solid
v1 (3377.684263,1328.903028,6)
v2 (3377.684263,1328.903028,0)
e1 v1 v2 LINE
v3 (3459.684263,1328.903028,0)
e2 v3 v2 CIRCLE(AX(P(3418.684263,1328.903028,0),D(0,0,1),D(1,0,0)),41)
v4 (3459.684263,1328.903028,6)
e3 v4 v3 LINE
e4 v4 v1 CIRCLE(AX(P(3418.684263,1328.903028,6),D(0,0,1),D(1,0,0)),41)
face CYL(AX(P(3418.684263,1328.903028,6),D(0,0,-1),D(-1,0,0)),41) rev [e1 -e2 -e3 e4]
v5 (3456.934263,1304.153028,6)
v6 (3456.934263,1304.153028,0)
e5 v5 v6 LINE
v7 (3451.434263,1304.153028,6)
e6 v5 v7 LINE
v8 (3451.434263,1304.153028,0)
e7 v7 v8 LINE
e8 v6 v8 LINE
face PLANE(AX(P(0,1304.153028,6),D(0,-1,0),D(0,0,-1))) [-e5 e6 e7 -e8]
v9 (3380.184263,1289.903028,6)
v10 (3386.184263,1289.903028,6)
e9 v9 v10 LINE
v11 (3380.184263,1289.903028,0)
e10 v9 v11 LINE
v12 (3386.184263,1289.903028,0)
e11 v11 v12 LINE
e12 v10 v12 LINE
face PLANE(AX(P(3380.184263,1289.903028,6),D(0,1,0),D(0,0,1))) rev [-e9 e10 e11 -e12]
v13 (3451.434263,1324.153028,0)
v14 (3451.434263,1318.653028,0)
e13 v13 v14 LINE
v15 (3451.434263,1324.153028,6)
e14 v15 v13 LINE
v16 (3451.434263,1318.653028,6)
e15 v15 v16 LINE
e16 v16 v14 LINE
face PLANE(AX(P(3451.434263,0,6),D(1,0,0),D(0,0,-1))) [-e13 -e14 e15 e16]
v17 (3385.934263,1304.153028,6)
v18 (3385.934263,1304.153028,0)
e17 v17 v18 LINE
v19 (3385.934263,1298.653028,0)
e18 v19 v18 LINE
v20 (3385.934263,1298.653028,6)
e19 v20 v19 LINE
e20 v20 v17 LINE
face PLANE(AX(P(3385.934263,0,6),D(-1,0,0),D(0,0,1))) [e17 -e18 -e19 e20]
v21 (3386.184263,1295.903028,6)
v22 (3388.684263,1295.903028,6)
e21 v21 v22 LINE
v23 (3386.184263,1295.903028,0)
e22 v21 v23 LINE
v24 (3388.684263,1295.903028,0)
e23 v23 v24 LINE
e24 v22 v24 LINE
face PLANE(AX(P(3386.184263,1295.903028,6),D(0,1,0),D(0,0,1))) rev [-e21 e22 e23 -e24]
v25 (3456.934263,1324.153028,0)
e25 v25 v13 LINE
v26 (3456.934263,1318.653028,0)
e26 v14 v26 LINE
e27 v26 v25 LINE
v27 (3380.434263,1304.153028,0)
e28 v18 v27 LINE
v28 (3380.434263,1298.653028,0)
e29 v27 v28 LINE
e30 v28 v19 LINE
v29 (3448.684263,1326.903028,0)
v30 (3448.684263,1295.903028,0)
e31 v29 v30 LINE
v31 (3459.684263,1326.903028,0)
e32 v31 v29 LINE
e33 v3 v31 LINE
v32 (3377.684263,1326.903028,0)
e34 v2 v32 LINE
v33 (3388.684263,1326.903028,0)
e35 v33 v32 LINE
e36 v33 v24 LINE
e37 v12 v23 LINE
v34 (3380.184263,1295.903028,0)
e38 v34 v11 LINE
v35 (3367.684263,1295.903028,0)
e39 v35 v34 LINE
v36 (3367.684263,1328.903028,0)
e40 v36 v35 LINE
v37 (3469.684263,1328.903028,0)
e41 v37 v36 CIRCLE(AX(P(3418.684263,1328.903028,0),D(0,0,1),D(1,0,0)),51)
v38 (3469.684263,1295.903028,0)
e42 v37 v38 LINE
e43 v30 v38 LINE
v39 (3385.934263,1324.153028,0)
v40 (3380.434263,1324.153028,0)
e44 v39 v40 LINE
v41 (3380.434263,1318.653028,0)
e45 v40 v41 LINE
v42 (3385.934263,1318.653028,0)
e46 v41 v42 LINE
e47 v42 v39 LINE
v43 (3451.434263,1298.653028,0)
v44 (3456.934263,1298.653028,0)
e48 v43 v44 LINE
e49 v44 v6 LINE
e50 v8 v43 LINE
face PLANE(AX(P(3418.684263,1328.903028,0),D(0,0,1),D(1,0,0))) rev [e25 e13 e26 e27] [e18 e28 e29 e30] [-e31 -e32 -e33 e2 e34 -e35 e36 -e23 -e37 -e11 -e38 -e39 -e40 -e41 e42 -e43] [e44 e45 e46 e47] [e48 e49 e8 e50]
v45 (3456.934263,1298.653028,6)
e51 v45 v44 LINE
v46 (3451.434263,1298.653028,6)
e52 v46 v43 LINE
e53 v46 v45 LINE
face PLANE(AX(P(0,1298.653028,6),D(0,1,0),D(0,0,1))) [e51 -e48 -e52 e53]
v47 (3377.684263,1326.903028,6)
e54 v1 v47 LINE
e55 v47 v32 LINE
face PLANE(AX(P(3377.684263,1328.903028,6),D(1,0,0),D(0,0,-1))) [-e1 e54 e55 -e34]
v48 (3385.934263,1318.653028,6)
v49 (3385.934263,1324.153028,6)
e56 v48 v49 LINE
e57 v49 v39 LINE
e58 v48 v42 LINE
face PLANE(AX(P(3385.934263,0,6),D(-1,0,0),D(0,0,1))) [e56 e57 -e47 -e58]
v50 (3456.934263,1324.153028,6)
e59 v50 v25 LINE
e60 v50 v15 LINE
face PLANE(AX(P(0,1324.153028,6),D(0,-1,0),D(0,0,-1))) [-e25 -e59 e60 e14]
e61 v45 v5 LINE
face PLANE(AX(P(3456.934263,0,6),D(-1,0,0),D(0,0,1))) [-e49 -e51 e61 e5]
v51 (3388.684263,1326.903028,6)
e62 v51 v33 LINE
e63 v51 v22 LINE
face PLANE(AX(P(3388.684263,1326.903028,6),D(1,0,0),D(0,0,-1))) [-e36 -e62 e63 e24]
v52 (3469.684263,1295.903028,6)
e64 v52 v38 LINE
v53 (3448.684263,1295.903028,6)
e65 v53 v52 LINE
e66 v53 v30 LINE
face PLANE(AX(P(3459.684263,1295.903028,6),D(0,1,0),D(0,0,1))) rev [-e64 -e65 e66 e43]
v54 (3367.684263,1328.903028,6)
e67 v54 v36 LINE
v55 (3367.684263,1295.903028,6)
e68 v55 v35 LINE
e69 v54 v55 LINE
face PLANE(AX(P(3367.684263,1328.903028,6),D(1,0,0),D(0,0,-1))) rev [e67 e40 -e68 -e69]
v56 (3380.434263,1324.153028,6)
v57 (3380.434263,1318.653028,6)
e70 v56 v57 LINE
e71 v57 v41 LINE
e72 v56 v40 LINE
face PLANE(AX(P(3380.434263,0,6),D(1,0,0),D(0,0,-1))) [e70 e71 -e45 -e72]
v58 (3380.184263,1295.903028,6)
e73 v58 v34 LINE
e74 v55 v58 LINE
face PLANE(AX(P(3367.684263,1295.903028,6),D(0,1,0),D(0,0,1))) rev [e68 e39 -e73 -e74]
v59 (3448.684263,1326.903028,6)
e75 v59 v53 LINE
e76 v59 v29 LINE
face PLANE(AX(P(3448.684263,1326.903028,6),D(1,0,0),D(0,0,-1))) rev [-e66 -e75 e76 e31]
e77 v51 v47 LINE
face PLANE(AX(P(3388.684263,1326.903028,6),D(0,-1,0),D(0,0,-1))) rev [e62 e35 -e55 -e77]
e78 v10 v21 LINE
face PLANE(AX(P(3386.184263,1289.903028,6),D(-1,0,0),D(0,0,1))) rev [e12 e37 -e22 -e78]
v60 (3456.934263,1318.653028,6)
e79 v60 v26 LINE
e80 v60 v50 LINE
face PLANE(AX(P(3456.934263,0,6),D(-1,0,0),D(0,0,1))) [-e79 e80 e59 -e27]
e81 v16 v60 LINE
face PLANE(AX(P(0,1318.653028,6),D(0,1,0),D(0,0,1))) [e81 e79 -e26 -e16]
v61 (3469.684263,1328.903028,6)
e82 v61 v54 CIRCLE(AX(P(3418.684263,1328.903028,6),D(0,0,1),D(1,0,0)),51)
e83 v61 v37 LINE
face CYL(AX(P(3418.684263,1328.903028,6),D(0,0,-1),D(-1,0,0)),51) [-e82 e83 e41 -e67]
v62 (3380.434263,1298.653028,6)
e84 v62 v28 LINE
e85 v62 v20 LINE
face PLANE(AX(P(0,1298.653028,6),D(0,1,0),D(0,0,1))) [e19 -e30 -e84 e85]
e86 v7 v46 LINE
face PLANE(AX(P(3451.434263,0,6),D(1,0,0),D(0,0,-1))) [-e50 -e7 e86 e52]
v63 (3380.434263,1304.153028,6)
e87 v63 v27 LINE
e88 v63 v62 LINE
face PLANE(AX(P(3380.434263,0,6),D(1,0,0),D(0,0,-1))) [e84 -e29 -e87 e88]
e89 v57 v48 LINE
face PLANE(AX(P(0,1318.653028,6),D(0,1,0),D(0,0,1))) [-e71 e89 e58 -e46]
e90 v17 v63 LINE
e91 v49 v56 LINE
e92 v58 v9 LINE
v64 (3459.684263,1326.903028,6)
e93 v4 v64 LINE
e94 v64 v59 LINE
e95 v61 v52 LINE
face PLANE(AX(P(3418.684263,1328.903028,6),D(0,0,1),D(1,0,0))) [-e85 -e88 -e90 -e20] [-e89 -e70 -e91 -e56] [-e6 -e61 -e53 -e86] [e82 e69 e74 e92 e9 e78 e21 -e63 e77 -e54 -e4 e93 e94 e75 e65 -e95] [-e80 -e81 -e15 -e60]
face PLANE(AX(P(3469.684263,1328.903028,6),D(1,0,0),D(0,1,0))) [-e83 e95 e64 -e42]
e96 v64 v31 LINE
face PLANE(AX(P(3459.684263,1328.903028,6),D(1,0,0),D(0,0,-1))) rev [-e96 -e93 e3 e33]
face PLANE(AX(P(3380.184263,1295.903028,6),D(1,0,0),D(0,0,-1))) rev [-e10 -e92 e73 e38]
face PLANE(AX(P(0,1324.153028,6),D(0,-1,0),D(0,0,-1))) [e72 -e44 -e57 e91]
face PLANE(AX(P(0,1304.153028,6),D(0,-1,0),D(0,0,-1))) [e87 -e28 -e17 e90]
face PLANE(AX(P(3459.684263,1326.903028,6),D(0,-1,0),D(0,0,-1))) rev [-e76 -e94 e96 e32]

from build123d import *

# Parameters (mm, degrees)
MODEL_W             = 5.5
MODEL_H             = 5.5
BOSS_EXTRUDE1_DEPTH = 6


with BuildPart() as part:
    # Model → Boss-Extrude1 (new body)
    with BuildSketch(Plane.XY):
        with BuildLine():
            Line((3367.68426312, 1328.903027574), (3367.68426312, 1295.903027574))
            Line((3367.68426312, 1295.903027574), (3380.18426312, 1295.903027574))
            Line((3380.18426312, 1295.903027574), (3380.18426312, 1289.903027574))
            Line((3380.18426312, 1289.903027574), (3386.18426312, 1289.903027574))
            Line((3386.18426312, 1289.903027574), (3386.18426312, 1295.903027574))
            Line((3386.18426312, 1295.903027574), (3388.68426312, 1295.903027574))
            Line((3388.68426312, 1295.903027574), (3388.68426312, 1326.903027574))
            Line((3388.68426312, 1326.903027574), (3377.68426312, 1326.903027574))
            Line((3377.68426312, 1326.903027574), (3377.68426312, 1328.903027574))
            ThreePointArc((3377.68426312, 1328.903027574), (3418.68426312, 1369.903027574), (3459.68426312, 1328.903027574))
            Line((3459.68426312, 1328.903027574), (3459.68426312, 1326.903027574))
            Line((3459.68426312, 1326.903027574), (3448.68426312, 1326.903027574))
            Line((3448.68426312, 1326.903027574), (3448.68426312, 1295.903027574))
            Line((3448.68426312, 1295.903027574), (3459.68426312, 1295.903027574))
            Line((3459.68426312, 1295.903027574), (3469.68426312, 1295.903027574))
            Line((3469.68426312, 1295.903027574), (3469.68426312, 1328.903027574))
            ThreePointArc((3469.68426312, 1328.903027574), (3418.68426312, 1379.903027574), (3367.68426312, 1328.903027574))
        make_face()
        with Locations((3454.18426312, 1301.403027574)):
            Rectangle(MODEL_W, MODEL_H, mode=Mode.SUBTRACT)
        with Locations((3454.18426312, 1321.403027574)):
            Rectangle(MODEL_W, MODEL_H, mode=Mode.SUBTRACT)
        with Locations((3383.18426312, 1301.403027574)):
            Rectangle(MODEL_W, MODEL_H, mode=Mode.SUBTRACT)
        with Locations((3383.18426312, 1321.403027574)):
            Rectangle(MODEL_W, MODEL_H, mode=Mode.SUBTRACT)
    extrude(amount=BOSS_EXTRUDE1_DEPTH)


solid = part.part
